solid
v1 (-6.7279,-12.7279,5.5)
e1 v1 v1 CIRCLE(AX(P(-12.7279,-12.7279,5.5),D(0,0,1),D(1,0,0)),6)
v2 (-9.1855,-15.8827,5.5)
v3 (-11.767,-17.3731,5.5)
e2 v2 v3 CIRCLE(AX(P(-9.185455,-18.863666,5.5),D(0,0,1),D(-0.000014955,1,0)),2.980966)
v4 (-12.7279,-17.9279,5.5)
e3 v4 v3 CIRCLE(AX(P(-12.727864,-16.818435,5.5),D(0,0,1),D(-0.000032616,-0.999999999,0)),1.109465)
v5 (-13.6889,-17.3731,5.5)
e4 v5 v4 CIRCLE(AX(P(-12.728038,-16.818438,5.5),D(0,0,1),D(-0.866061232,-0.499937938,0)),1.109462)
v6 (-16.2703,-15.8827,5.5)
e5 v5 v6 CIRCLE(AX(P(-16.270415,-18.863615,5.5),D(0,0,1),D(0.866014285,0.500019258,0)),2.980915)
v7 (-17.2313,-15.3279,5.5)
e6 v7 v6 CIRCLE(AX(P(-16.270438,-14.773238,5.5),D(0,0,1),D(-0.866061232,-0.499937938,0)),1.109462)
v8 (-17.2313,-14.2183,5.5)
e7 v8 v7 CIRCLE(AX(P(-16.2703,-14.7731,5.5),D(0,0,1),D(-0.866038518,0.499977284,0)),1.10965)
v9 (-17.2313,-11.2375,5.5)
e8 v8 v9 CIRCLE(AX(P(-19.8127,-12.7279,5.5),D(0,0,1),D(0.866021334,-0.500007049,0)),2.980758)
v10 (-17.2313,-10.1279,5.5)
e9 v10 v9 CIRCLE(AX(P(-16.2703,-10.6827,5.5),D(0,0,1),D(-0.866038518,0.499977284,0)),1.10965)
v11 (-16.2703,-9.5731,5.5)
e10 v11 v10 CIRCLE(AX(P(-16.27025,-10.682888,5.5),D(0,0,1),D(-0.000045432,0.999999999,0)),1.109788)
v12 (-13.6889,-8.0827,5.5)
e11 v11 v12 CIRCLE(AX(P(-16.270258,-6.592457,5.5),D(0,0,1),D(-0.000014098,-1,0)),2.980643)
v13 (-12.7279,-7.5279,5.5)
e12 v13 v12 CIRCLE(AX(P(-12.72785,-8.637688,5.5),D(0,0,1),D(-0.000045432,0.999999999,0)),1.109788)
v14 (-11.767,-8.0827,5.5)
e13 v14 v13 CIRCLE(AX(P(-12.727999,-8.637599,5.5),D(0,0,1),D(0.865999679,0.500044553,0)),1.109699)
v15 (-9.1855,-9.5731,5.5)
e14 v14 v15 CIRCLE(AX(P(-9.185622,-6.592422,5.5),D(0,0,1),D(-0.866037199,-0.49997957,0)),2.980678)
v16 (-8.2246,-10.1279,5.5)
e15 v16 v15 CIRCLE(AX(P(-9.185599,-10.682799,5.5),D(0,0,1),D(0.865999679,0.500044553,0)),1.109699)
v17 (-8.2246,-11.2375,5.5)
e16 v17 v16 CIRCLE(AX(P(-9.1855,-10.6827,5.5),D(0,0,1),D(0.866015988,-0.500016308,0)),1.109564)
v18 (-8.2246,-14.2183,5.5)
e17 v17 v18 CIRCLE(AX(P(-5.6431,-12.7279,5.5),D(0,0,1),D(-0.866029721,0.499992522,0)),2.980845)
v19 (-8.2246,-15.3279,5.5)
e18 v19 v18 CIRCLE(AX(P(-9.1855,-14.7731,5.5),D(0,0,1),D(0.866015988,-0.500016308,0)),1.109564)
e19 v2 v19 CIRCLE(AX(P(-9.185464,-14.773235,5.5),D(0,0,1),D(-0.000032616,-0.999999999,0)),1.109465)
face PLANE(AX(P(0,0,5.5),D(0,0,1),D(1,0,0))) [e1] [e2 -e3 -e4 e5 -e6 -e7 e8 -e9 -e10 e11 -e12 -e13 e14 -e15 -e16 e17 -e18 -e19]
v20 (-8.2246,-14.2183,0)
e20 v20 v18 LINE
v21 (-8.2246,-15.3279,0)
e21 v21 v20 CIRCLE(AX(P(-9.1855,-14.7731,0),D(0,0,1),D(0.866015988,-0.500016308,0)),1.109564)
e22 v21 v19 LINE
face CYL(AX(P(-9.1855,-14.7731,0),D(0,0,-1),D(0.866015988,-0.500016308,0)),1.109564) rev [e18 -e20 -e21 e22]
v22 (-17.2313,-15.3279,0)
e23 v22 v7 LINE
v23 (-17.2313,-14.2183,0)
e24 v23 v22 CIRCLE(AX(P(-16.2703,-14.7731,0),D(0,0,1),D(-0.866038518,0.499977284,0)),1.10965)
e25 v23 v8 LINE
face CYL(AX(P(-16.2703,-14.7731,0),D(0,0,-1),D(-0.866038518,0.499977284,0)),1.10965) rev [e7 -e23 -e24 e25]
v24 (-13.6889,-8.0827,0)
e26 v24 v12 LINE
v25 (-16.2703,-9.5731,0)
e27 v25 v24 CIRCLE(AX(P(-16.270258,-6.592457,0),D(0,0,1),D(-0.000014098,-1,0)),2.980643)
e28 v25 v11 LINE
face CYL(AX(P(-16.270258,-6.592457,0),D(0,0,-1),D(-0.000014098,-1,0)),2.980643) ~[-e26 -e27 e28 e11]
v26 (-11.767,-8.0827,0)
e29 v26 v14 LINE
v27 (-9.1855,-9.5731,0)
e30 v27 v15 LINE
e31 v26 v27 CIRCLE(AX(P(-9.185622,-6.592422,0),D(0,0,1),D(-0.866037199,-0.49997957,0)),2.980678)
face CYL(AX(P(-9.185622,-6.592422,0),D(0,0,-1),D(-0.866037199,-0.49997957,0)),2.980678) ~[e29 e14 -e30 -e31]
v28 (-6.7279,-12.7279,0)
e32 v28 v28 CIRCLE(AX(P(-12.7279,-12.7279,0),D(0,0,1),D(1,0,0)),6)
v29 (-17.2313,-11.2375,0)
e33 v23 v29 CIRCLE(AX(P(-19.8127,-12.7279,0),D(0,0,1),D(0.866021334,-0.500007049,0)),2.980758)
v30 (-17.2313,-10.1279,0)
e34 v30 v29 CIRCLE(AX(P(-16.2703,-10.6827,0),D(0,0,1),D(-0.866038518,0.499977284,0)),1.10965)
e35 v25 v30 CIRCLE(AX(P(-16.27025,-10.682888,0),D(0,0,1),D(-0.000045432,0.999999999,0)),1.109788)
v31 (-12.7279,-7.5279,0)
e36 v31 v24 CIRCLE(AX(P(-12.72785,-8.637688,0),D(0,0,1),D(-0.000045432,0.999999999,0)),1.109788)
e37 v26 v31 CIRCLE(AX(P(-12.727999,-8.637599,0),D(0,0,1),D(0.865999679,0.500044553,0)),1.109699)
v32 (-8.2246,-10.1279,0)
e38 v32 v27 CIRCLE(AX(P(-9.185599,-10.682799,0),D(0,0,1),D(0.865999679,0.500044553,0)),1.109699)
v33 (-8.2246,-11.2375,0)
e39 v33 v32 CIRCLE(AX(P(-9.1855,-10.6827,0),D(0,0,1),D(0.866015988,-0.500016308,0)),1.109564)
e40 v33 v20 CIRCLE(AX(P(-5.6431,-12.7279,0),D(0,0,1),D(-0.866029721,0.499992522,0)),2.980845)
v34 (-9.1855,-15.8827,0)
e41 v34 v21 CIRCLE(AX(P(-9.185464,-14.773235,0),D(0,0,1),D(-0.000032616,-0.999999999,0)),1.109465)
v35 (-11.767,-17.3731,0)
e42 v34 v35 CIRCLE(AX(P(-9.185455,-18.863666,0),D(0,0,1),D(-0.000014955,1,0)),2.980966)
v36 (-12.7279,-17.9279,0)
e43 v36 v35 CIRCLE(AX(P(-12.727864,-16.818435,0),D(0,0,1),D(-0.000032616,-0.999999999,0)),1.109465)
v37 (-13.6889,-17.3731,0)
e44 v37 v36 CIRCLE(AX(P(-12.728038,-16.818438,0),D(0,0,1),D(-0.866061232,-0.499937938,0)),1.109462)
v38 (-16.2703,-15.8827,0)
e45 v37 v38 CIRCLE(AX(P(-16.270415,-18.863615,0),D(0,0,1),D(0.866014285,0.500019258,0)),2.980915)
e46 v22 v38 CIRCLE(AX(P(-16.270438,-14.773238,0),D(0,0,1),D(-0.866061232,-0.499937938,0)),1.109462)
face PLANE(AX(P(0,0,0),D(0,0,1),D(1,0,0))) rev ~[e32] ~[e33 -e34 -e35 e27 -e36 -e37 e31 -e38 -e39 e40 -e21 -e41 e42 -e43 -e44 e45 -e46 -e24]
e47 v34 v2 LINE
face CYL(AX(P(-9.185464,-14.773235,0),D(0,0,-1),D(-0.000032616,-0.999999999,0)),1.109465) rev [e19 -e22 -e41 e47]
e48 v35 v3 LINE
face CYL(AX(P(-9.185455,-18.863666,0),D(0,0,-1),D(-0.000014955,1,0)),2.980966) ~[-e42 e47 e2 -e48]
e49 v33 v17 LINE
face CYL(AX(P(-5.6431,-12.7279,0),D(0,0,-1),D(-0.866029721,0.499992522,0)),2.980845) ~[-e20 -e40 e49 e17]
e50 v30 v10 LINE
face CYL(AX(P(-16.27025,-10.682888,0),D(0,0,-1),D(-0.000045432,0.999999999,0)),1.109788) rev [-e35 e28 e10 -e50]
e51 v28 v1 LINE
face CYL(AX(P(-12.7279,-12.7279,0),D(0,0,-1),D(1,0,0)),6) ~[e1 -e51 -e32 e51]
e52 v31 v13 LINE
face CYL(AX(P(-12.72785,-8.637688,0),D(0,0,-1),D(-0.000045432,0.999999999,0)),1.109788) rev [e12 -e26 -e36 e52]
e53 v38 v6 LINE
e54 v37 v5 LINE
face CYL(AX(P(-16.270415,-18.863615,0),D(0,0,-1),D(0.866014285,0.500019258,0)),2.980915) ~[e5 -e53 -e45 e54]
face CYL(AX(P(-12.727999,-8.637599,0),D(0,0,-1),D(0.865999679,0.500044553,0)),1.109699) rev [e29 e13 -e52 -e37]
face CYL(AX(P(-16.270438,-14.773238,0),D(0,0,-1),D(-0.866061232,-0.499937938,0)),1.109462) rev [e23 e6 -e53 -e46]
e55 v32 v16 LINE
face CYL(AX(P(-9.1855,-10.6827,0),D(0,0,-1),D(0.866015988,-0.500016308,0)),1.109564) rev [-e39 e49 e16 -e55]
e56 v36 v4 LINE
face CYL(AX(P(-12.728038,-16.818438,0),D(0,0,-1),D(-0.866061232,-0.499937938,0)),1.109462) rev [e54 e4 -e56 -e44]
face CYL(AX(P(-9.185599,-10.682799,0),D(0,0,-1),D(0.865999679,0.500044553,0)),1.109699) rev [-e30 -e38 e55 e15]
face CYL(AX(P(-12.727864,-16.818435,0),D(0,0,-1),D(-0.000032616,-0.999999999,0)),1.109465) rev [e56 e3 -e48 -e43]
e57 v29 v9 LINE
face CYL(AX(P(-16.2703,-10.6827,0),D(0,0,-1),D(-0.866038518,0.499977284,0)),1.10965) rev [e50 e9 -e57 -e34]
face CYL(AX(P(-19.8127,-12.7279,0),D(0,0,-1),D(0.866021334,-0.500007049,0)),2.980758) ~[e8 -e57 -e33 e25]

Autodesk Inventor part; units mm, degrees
ref_plane "YZ Plane" through (0, 0, 0) normal (1, 0, 0) x (0, 1, 0)
ref_plane "XZ Plane" through (0, 0, 0) normal (0, 1, 0) x (-1, 0, 0)
ref_plane "XY Plane" through (0, 0, 0) normal (0, 0, 1) x (1, 0, 0)
sketch "スケッチ1" plane through (0, 0, 0) normal (0, 0, 1) x (1, 0, 0)
  circle A0 centre (-12.7279, -12.7279) radius 6
  arc A1 (-11.767, -8.0827) -> (-12.7279, -7.5279) centre (-12.7279, -8.6375) ccw
  arc A2 (-12.7279, -7.5279) -> (-13.6889, -8.0827) centre (-12.7279, -8.6375) ccw
  arc A3 (-16.2703, -9.5731) -> (-13.6889, -8.0827) centre (-16.2703, -6.5923) ccw
  arc A4 (-16.2703, -9.5731) -> (-17.2313, -10.1279) centre (-16.2703, -10.6827) ccw
  arc A5 (-17.2313, -10.1279) -> (-17.2313, -11.2375) centre (-16.2703, -10.6827) ccw
  arc A6 (-17.2313, -14.2183) -> (-17.2313, -11.2375) centre (-19.8127, -12.7279) ccw
  arc A7 (-17.2313, -14.2183) -> (-17.2313, -15.3279) centre (-16.2703, -14.7731) ccw
  arc A8 (-17.2313, -15.3279) -> (-16.2703, -15.8827) centre (-16.2703, -14.7731) ccw
  arc A9 (-13.6889, -17.3731) -> (-16.2703, -15.8827) centre (-16.2703, -18.8635) ccw
  arc A10 (-13.6889, -17.3731) -> (-12.7279, -17.9279) centre (-12.7279, -16.8183) ccw
  arc A11 (-12.7279, -17.9279) -> (-11.767, -17.3731) centre (-12.7279, -16.8183) ccw
  arc A12 (-9.1855, -15.8827) -> (-11.767, -17.3731) centre (-9.1855, -18.8635) ccw
  arc A13 (-9.1855, -15.8827) -> (-8.2246, -15.3279) centre (-9.1855, -14.7731) ccw
  arc A14 (-8.2246, -15.3279) -> (-8.2246, -14.2183) centre (-9.1855, -14.7731) ccw
  arc A15 (-8.2246, -11.2375) -> (-8.2246, -14.2183) centre (-5.6431, -12.7279) ccw
  arc A16 (-8.2246, -11.2375) -> (-8.2246, -10.1279) centre (-9.1855, -10.6827) ccw
  arc A17 (-8.2246, -10.1279) -> (-9.1855, -9.5731) centre (-9.1855, -10.6827) ccw
  arc A18 (-11.767, -8.0827) -> (-9.1855, -9.5731) centre (-9.1855, -6.5923) ccw
  point P0 (0, 0)
  point P1 (0, 0)
extrude "押し出し1" add sketch "スケッチ1" along normal blind 5.5
sketch "書き出し" plane through (-12.7279, -12.7279, 5.5) normal (0, 0, 1) x (1, 0, 0)
  circle A0 centre (0, 0) radius 6 projected
  arc A1 (4.5033, 1.4904) -> (4.5033, -1.4904) centre (7.0848, 0) ccw projected
  arc A2 (3.5424, -3.1548) -> (4.5033, -1.4904) centre (3.5424, -2.0452) ccw projected
  arc A3 (3.5424, -3.1548) -> (0.9609, -4.6452) centre (3.5424, -6.1356) ccw projected
  arc A4 (-0.9609, -4.6452) -> (0.9609, -4.6452) centre (0, -4.0904) ccw projected
  arc A5 (-0.9609, -4.6452) -> (-3.5424, -3.1548) centre (-3.5424, -6.1356) ccw projected
  arc A6 (-4.5033, -1.4904) -> (-3.5424, -3.1548) centre (-3.5424, -2.0452) ccw projected
  arc A7 (-4.5033, -1.4904) -> (-4.5033, 1.4904) centre (-7.0848, 0) ccw projected
  arc A8 (-3.5424, 3.1548) -> (-4.5033, 1.4904) centre (-3.5424, 2.0452) ccw projected
  arc A9 (-3.5424, 3.1548) -> (-0.9609, 4.6452) centre (-3.5424, 6.1356) ccw projected
  arc A10 (0.9609, 4.6452) -> (-0.9609, 4.6452) centre (0, 4.0904) ccw projected
  arc A11 (0.9609, 4.6452) -> (3.5424, 3.1548) centre (3.5424, 6.1356) ccw projected
  arc A12 (4.5033, 1.4904) -> (3.5424, 3.1548) centre (3.5424, 2.0452) ccw projected
  point P0 (12.7279, 12.7279)
properties part number "原動節接続部v2外" material "アルミニウム 2014-T4"
